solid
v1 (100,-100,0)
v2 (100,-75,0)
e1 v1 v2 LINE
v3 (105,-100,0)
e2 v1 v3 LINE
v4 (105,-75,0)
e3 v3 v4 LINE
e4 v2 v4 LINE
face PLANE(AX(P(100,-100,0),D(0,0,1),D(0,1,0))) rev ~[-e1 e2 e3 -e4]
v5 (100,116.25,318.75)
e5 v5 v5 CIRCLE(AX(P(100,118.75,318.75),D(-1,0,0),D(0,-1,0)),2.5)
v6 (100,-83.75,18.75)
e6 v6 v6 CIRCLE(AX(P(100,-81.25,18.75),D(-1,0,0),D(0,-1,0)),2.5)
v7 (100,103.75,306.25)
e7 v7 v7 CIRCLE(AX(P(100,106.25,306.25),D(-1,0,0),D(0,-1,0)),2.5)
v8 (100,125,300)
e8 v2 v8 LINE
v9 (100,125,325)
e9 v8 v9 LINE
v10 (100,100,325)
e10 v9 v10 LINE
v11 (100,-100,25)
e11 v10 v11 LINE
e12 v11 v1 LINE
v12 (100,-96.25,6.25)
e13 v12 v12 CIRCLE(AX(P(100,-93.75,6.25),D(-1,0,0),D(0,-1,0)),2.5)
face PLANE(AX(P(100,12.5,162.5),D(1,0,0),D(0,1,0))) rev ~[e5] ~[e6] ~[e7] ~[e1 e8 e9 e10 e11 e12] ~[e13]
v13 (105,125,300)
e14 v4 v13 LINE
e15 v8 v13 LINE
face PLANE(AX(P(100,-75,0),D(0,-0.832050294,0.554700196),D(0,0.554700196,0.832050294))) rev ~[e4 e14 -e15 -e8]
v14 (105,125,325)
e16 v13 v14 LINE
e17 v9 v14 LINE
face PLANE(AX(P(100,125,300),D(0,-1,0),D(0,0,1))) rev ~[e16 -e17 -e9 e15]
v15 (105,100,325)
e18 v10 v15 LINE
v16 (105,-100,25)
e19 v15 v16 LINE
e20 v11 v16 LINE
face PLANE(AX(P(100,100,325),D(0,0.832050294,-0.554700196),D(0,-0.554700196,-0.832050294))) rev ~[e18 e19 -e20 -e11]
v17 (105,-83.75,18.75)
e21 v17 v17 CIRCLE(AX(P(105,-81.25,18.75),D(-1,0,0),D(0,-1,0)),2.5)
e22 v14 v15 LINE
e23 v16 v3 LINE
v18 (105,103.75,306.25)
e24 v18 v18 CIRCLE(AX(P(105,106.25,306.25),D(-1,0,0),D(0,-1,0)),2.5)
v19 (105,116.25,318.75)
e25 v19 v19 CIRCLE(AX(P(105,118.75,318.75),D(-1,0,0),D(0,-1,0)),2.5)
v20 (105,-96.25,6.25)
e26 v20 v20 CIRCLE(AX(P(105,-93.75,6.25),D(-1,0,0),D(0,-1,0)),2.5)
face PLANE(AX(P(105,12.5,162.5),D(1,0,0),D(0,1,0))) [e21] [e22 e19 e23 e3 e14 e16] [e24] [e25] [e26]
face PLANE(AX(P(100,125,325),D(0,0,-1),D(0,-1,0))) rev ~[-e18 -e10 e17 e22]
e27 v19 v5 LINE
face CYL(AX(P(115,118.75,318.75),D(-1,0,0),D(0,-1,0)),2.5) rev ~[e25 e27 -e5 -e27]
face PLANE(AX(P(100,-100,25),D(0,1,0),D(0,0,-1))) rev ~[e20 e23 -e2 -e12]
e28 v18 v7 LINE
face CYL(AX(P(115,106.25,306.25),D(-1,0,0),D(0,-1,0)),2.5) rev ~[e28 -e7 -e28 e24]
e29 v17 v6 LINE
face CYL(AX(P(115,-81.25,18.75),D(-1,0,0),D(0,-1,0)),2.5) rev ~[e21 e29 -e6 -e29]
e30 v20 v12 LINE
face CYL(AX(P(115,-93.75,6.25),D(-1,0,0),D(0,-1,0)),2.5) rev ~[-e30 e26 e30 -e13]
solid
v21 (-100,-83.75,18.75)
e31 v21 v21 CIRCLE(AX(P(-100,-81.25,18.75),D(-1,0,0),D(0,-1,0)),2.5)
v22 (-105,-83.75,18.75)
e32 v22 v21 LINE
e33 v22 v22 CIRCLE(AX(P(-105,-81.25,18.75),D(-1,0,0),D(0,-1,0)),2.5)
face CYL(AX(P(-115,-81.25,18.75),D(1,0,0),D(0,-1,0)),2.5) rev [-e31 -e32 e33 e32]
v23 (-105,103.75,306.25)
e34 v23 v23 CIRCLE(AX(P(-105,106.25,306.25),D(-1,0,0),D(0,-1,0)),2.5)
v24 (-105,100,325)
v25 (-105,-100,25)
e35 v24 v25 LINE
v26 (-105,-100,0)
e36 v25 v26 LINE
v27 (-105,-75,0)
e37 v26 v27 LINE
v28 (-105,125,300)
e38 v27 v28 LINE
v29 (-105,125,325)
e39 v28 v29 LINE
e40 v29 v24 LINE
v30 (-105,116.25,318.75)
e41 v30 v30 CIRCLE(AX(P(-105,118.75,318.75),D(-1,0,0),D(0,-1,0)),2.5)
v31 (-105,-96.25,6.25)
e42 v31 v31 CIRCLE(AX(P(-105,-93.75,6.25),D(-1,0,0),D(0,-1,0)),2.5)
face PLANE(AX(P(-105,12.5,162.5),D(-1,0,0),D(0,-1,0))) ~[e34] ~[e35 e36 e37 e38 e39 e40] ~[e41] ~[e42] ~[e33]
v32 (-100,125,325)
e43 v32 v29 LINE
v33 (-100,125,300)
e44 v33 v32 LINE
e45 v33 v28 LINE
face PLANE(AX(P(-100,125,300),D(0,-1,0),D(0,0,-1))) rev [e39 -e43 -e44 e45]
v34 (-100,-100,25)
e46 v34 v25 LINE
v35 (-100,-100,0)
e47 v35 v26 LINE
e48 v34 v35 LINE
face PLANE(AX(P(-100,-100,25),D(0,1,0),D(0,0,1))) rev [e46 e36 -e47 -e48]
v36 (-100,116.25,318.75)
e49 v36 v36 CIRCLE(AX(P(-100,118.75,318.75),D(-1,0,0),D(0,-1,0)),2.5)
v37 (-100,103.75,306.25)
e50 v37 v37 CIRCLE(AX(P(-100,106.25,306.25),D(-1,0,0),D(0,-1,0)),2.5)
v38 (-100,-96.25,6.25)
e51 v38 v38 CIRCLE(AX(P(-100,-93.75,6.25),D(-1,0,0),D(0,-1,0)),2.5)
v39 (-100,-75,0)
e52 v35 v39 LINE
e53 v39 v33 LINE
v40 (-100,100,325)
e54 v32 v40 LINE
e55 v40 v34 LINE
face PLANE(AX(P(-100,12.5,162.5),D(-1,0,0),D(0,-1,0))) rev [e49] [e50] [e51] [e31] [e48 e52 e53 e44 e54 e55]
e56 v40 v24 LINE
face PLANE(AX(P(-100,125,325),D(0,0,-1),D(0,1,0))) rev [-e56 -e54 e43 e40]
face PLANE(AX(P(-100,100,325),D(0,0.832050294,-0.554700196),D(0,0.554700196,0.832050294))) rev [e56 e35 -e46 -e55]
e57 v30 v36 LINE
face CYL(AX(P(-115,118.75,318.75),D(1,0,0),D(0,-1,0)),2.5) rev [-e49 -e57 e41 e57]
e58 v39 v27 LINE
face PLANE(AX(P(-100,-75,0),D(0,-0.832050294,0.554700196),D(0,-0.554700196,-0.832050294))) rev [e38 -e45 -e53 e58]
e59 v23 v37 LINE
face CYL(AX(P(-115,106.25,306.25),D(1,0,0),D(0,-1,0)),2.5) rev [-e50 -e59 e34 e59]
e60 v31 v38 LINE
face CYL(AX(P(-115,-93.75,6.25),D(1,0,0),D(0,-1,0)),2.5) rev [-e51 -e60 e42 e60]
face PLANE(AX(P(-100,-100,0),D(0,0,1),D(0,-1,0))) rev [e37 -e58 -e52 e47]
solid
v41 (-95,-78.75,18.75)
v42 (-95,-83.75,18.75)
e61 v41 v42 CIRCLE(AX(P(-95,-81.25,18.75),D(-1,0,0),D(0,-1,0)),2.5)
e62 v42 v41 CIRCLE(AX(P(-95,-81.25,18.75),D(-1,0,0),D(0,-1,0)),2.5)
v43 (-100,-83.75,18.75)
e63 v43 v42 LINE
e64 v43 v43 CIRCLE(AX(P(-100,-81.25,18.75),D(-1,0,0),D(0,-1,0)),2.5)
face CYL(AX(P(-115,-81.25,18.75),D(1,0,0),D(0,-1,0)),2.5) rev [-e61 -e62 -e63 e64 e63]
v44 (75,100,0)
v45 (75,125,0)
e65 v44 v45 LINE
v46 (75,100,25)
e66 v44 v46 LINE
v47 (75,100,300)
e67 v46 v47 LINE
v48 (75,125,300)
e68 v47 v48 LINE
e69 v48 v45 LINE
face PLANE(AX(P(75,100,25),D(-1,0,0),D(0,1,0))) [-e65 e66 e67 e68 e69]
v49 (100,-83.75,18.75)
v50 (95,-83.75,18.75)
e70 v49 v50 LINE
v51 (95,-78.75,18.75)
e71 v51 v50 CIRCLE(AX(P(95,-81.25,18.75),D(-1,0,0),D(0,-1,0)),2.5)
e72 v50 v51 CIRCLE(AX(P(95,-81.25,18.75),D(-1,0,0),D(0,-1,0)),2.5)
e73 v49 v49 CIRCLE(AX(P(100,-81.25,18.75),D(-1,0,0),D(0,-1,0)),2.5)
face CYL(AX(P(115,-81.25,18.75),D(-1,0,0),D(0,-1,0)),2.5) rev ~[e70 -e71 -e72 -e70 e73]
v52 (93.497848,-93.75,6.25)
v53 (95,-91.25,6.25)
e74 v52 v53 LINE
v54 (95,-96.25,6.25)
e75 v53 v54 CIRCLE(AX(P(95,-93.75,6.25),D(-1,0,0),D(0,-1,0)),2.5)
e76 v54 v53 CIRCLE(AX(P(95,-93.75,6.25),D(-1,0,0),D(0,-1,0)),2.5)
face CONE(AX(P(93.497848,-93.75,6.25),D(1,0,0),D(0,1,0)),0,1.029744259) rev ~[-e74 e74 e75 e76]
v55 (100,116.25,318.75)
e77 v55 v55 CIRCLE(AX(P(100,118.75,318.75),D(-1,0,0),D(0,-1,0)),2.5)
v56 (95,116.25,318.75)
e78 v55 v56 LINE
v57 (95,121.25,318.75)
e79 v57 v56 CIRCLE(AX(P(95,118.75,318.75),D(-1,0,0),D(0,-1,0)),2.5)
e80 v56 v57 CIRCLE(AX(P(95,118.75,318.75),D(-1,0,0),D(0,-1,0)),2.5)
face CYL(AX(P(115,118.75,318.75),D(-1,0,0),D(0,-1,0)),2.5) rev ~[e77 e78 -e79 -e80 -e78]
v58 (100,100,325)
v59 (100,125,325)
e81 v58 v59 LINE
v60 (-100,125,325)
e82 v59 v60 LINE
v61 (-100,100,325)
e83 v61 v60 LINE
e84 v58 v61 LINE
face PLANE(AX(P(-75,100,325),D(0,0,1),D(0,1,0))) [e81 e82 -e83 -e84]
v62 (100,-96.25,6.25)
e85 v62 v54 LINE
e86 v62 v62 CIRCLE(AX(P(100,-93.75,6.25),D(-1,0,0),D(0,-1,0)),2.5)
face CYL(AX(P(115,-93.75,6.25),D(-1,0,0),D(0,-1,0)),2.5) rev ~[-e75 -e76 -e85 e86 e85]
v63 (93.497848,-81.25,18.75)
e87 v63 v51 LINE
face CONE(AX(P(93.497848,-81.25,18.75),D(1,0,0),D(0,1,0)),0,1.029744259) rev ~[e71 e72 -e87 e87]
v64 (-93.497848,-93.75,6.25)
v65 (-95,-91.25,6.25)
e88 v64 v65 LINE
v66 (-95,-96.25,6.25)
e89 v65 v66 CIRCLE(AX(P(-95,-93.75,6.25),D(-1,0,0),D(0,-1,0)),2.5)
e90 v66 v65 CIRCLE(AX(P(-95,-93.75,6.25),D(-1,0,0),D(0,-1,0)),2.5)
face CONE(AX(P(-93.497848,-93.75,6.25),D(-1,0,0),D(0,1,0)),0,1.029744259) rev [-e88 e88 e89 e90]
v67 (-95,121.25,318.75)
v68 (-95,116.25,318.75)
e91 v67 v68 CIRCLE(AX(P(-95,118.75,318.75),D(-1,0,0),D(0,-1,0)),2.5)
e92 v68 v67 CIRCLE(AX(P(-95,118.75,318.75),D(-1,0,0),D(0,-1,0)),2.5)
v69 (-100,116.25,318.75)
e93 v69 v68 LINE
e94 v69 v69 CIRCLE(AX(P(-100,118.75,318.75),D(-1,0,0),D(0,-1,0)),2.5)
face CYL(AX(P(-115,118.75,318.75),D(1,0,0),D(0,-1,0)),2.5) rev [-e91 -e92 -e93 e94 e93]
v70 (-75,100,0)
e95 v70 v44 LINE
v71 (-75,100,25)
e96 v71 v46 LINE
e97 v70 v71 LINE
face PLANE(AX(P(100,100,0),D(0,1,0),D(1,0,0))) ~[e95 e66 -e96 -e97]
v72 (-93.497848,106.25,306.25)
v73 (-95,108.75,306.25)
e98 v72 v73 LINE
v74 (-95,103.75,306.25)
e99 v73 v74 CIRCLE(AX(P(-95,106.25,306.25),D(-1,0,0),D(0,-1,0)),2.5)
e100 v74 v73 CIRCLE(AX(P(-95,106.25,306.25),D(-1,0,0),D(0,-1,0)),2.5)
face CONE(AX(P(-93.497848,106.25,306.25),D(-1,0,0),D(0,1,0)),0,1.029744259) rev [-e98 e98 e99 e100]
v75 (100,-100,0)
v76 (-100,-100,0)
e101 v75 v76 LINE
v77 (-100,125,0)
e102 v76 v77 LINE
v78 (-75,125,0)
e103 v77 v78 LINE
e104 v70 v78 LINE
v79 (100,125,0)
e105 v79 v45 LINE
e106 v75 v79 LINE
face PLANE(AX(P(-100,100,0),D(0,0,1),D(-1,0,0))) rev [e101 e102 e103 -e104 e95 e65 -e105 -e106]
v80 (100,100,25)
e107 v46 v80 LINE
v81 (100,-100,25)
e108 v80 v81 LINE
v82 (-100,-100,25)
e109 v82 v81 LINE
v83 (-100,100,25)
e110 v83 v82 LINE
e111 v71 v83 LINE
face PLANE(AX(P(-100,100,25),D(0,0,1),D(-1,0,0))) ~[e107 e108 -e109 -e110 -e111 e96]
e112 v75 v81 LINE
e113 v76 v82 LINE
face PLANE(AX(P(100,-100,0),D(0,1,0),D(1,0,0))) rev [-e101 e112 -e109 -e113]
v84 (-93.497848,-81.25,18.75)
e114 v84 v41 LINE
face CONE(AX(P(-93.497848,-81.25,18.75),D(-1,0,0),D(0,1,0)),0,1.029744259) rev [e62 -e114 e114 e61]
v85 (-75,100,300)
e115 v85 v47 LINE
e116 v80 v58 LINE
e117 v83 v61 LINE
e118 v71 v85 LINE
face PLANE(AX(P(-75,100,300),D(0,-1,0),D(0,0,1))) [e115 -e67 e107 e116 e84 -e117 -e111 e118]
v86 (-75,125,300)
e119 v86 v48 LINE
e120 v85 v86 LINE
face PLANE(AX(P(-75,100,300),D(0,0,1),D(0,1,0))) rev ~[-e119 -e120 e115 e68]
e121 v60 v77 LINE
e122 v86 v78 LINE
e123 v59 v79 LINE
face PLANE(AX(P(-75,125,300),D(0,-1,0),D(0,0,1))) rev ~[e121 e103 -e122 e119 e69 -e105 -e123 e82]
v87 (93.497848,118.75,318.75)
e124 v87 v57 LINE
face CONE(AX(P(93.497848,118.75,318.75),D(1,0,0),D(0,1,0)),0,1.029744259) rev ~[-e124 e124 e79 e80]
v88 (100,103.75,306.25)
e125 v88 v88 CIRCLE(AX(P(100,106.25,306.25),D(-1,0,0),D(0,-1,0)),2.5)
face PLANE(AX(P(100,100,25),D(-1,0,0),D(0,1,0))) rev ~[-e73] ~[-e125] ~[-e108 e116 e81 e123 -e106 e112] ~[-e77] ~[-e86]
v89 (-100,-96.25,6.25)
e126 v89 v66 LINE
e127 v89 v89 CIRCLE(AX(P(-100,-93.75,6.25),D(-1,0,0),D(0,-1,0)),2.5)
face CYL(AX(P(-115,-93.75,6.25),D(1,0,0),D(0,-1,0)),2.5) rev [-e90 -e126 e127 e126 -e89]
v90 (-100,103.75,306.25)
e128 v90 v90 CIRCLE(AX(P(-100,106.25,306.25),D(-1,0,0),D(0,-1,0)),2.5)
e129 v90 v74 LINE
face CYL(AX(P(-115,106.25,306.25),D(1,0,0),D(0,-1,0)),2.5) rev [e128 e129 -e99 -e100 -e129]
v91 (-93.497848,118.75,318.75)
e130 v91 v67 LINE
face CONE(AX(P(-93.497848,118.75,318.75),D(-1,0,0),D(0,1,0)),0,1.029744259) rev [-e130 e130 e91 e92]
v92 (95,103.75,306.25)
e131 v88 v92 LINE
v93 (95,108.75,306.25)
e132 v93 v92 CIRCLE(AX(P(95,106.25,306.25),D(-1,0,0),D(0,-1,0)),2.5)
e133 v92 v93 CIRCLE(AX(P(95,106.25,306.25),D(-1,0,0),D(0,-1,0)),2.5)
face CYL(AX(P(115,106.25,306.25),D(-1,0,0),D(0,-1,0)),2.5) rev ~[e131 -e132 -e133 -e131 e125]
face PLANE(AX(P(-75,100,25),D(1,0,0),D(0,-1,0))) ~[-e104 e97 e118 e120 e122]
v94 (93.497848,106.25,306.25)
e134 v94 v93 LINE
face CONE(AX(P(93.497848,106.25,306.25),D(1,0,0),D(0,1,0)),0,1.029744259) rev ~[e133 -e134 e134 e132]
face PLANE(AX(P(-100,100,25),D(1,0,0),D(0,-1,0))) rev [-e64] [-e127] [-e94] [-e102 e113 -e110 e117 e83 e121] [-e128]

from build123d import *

# Parameters (mm, degrees)
F0_W       = 200
F0_H       = 200
F1_DEPTH   = 25
F2_W       = 25
F2_H       = 25
F3_DEPTH   = 25
F4_W       = 25
F4_H       = 25
F5_DEPTH   = 300
F7_DEPTH   = 5
F9_D       = 5
F9_DEPTH   = 10
F9_TIP     = 1.5021515476
F9_2_D     = 5
F9_2_DEPTH = 10
F9_2_TIP   = 1.5021515476
F10_W      = 100
F10_H      = 267.6203101873
F11_DEPTH  = 325.001
F13_W      = 25
F13_H      = 25
F14_DEPTH  = 150


with BuildPart() as f1:
    # F0 (on Top) → F1 (new body)
    with BuildSketch(Plane.XY):
        Rectangle(F0_W, F0_H)
    extrude(amount=F1_DEPTH)

    # F2 (on face) → F3 (join)
    with BuildSketch(Plane(origin=(0, 100, 0), x_dir=(-1, 0, 0), z_dir=(0, 1, 0))):
        with Locations((-87.5, 12.5)):
            Rectangle(F2_W, F2_H)
        with Locations((87.5, 12.5)):
            Rectangle(F2_W, F2_H)
    extrude(amount=F3_DEPTH)

    # F4 (on face) → F5 (join)
    with BuildSketch(Plane.XY.offset(25)):
        with Locations((87.5, 112.5)):
            Rectangle(F4_W, F4_H)
        with Locations((-87.5, 112.5)):
            Rectangle(F4_W, F4_H)
    extrude(amount=F5_DEPTH)

    # F9
    with Locations(Plane.YZ.offset(105)):
        with Locations((-81.25, 18.75), (-93.75, 6.25), (118.75, 318.75), (106.25, 306.25)):
            Hole(F9_D / 2, depth=F9_DEPTH)
            with Locations((0, 0, -(F9_DEPTH + F9_TIP / 2))):  # 118° drill point
                Cone(0, F9_D / 2, F9_TIP, mode=Mode.SUBTRACT)

    # F10 (on face) → F11 (cut, through all)
    with BuildSketch(Plane.XY.offset(325)):
        with Locations((-50, -8.8101550937)):
            Rectangle(F10_W, F10_H)
    extrude(amount=-F11_DEPTH, mode=Mode.SUBTRACT)


with BuildPart() as f7:
    # F6 (on face) → F7 (new body)
    with BuildSketch(Plane.YZ.offset(100)):
        Polygon((125, 300), (125, 325), (100, 325), (-100, 25), (-100, 0), (-75, 0), align=None)
    extrude(amount=F7_DEPTH)

    # F9#2
    with Locations(Plane.YZ.offset(105)):
        with Locations((-81.25, 18.75), (-93.75, 6.25), (118.75, 318.75), (106.25, 306.25)):
            Hole(F9_2_D / 2, depth=F9_2_DEPTH)
            with Locations((0, 0, -(F9_2_DEPTH + F9_2_TIP / 2))):  # 118° drill point
                Cone(0, F9_2_D / 2, F9_2_TIP, mode=Mode.SUBTRACT)


with BuildPart() as f12_1:
    # F12: instance of F7
    add(f7.part.mirror(Plane(origin=(0, 0, 12.5), x_dir=(0, -1, 0), z_dir=(-1, 0, 0))))


with BuildPart() as f12_2:
    # F12: instance of F1
    add(f1.part.mirror(Plane(origin=(0, 0, 12.5), x_dir=(0, -1, 0), z_dir=(-1, 0, 0))))


with BuildPart() as f1_1:
    add(f1.part)

    add(f12_2.part)  # F14 merges F12_2
    # F13 (on face) → F14 (join, through all)
    with BuildSketch(Plane.YZ.offset(-75)):
        with Locations((112.5, 312.5)):
            Rectangle(F13_W, F13_H)
    extrude(amount=F14_DEPTH)


solid = Compound([f7.part, f12_1.part, f1_1.part])
